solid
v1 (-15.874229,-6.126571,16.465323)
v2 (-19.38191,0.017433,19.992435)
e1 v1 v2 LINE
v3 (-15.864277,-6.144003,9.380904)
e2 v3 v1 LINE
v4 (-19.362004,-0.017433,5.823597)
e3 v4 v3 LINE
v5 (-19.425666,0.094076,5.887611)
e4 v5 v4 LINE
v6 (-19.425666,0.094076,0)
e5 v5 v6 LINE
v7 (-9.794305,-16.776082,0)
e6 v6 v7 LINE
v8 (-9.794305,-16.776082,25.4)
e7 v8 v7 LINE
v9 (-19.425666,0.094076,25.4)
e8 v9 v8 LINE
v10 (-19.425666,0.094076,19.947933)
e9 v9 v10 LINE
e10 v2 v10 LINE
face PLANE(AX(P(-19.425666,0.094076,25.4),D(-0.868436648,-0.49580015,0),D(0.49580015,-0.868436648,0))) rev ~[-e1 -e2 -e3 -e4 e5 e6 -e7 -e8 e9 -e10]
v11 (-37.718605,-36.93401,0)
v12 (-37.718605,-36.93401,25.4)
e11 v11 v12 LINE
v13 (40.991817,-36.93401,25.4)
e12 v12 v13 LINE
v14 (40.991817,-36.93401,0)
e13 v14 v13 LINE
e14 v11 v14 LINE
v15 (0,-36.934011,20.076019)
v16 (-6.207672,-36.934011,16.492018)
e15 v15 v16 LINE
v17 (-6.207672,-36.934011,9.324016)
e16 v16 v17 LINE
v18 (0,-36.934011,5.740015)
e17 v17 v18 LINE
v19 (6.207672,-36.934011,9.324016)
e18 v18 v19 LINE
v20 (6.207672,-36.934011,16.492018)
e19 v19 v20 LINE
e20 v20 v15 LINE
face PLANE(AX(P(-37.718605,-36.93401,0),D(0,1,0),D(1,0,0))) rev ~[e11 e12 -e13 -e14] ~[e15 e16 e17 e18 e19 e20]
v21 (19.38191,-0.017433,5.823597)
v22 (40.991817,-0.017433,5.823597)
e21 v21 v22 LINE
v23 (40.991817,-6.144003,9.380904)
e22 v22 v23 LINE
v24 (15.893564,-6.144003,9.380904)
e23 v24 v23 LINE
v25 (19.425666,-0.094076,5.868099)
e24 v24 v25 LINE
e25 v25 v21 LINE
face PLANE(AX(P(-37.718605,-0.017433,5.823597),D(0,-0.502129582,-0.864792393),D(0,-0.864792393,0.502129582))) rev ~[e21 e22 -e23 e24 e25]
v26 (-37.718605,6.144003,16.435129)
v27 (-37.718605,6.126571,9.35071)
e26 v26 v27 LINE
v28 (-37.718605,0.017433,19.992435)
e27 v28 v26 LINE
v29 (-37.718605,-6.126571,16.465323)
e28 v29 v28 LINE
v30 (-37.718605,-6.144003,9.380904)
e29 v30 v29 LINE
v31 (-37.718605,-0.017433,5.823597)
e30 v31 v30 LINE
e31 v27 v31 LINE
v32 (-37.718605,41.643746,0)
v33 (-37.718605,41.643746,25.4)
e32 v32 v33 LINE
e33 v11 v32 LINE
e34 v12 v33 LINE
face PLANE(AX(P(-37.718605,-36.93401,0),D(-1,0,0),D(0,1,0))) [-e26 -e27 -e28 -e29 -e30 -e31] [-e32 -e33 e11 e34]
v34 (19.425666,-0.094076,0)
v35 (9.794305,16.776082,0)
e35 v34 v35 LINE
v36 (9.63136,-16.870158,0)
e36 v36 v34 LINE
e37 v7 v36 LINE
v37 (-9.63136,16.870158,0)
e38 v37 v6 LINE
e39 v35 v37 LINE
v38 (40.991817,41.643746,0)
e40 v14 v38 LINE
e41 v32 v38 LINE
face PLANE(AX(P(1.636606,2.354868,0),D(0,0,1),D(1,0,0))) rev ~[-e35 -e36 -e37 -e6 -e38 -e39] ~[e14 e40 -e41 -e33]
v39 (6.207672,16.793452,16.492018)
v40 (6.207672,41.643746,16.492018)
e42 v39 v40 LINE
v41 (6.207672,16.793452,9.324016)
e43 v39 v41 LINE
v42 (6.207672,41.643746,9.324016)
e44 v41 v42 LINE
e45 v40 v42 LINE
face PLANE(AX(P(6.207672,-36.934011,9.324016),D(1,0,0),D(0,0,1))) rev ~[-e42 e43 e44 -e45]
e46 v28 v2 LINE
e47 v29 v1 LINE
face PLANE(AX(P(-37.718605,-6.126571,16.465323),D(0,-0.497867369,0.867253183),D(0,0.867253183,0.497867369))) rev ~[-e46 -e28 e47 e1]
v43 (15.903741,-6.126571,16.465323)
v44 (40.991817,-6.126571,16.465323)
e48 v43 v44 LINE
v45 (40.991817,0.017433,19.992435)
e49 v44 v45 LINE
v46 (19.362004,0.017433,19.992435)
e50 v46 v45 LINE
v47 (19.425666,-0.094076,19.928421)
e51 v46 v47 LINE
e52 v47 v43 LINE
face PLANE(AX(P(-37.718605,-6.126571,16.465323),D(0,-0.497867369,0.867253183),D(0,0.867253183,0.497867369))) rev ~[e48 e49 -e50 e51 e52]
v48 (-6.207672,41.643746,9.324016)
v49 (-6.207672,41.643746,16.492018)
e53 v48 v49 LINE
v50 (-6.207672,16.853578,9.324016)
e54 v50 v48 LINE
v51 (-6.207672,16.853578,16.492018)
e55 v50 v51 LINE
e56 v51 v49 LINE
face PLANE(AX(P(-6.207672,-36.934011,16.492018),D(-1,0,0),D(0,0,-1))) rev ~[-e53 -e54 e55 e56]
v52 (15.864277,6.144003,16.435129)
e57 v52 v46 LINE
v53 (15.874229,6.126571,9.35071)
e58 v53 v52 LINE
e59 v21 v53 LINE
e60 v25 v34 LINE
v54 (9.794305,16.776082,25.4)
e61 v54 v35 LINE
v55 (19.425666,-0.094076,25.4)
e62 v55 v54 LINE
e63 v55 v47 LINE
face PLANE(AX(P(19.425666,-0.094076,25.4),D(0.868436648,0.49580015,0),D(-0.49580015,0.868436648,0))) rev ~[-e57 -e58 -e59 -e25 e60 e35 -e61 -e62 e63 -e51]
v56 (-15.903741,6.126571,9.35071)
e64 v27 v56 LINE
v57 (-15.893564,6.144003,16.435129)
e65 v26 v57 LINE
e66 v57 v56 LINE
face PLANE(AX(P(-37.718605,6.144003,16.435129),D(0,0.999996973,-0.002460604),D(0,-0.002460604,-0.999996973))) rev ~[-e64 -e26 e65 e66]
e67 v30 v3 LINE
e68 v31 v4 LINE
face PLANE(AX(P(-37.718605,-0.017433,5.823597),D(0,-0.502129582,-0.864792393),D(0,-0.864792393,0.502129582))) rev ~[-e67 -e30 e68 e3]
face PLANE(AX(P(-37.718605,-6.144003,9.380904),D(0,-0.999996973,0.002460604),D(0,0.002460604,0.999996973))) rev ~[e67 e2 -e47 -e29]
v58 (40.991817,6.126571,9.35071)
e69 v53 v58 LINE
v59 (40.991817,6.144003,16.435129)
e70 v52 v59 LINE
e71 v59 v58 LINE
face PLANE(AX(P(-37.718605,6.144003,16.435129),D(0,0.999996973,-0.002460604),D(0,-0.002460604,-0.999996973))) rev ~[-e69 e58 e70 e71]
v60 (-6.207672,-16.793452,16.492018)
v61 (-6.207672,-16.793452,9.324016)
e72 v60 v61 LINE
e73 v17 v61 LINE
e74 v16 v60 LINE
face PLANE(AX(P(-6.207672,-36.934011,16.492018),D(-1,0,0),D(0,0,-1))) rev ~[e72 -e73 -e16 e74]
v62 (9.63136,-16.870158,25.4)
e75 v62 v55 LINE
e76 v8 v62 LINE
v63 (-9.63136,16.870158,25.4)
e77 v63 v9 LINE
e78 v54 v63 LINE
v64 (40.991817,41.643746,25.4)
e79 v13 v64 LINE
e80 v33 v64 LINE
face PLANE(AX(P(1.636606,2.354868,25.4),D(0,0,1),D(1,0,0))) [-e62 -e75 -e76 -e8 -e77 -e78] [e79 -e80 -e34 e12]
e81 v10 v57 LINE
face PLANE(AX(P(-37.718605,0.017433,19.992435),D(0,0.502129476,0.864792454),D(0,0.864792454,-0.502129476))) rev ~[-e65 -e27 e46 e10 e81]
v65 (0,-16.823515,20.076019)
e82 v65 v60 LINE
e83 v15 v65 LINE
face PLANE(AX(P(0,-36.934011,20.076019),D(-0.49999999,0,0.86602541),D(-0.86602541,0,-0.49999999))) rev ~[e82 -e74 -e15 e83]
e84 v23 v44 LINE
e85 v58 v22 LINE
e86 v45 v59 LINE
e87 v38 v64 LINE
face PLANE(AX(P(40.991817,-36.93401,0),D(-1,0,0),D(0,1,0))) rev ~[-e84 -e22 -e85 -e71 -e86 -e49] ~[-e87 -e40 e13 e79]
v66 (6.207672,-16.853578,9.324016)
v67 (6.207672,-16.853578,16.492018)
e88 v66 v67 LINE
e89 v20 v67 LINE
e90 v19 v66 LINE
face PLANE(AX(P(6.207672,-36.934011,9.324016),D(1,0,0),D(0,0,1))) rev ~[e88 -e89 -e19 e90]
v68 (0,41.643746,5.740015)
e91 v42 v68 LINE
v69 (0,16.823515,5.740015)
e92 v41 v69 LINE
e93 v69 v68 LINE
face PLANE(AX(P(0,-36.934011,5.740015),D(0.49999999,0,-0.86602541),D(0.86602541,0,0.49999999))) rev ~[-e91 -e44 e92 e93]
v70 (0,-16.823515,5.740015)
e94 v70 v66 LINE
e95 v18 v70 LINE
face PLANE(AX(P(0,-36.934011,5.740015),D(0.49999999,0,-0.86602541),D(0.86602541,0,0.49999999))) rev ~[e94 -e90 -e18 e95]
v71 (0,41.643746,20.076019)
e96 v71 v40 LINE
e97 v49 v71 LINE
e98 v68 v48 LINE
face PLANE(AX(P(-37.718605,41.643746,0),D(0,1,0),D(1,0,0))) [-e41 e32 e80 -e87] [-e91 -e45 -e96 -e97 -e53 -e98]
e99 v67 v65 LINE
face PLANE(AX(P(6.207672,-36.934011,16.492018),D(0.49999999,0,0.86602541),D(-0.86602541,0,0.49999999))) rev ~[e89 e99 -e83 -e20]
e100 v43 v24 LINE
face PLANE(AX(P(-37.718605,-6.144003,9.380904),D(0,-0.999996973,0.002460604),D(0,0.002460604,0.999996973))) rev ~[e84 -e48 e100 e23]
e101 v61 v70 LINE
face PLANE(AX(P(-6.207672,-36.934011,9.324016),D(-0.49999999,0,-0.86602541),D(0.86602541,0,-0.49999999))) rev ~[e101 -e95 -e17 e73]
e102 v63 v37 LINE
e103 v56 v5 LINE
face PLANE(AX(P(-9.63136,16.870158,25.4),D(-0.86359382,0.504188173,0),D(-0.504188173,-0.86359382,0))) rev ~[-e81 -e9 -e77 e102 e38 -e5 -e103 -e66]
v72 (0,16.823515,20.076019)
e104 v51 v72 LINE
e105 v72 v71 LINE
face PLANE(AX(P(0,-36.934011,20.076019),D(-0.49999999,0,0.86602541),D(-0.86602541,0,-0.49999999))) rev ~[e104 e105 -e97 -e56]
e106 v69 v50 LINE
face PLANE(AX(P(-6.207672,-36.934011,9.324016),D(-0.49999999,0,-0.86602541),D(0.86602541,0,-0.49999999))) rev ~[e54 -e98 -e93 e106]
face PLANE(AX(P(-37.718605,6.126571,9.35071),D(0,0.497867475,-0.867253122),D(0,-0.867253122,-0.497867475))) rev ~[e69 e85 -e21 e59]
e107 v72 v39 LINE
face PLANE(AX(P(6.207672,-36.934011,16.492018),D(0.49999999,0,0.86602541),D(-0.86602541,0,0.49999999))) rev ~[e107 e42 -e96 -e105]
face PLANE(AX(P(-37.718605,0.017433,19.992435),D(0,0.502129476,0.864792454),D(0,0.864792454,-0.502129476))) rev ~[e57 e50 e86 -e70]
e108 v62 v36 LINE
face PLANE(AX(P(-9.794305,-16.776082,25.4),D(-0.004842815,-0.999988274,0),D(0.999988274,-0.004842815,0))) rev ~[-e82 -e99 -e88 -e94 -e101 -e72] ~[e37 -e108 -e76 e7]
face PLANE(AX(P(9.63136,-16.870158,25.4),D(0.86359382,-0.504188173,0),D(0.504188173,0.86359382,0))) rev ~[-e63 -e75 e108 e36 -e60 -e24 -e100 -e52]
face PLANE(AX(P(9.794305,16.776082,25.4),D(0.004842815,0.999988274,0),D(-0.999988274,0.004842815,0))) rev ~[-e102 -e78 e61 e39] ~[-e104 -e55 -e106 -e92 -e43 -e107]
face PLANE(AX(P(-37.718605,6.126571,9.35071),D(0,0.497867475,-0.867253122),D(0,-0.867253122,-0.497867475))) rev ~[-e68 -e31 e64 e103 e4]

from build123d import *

# Parameters (mm, degrees)
F0_W     = 78.710422
F0_H     = 78.577757
F1_DEPTH = 25.4
F3_DEPTH = 25.4
F5_DEPTH = 78.711422
F7_DEPTH = 78.578757


with BuildPart() as f1:
    # F0 (on Top) → F1 (new body)
    with BuildSketch(Plane.XY):
        with Locations((1.636606, 2.354868)):
            Rectangle(F0_W, F0_H)
    extrude(amount=F1_DEPTH)

    # F2 (on face) → F3 (cut)
    with BuildSketch(Plane.XY.offset(25.4)):
        Polygon((9.63136, -16.870158), (19.425666, -0.094076), (9.794305, 16.776082), (-9.63136, 16.870158), (-19.425666, 0.094076), (-9.794305, -16.776082), align=None)
    extrude(amount=-F3_DEPTH, mode=Mode.SUBTRACT)

    # F4 (on face) → F5 (cut, through all)
    with BuildSketch(Plane(origin=(-37.718605, 0, 0), x_dir=(0, -1, 0), z_dir=(-1, 0, 0))):
        Polygon((6.126571, 16.465323), (-0.017433, 19.992435), (-6.144003, 16.435129), (-6.126571, 9.35071), (0.017433, 5.823597), (6.144003, 9.380904), align=None)
    extrude(amount=-F5_DEPTH, mode=Mode.SUBTRACT)

    # F6 (on face) → F7 (cut, through all)
    with BuildSketch(Plane.XZ.offset(36.934011)):
        Polygon((6.207672, 9.324016), (6.207672, 16.492018), (0, 20.076019), (-6.207672, 16.492018), (-6.207672, 9.324016), (0, 5.740015), align=None)
    extrude(amount=-F7_DEPTH, mode=Mode.SUBTRACT)


solid = f1.part
